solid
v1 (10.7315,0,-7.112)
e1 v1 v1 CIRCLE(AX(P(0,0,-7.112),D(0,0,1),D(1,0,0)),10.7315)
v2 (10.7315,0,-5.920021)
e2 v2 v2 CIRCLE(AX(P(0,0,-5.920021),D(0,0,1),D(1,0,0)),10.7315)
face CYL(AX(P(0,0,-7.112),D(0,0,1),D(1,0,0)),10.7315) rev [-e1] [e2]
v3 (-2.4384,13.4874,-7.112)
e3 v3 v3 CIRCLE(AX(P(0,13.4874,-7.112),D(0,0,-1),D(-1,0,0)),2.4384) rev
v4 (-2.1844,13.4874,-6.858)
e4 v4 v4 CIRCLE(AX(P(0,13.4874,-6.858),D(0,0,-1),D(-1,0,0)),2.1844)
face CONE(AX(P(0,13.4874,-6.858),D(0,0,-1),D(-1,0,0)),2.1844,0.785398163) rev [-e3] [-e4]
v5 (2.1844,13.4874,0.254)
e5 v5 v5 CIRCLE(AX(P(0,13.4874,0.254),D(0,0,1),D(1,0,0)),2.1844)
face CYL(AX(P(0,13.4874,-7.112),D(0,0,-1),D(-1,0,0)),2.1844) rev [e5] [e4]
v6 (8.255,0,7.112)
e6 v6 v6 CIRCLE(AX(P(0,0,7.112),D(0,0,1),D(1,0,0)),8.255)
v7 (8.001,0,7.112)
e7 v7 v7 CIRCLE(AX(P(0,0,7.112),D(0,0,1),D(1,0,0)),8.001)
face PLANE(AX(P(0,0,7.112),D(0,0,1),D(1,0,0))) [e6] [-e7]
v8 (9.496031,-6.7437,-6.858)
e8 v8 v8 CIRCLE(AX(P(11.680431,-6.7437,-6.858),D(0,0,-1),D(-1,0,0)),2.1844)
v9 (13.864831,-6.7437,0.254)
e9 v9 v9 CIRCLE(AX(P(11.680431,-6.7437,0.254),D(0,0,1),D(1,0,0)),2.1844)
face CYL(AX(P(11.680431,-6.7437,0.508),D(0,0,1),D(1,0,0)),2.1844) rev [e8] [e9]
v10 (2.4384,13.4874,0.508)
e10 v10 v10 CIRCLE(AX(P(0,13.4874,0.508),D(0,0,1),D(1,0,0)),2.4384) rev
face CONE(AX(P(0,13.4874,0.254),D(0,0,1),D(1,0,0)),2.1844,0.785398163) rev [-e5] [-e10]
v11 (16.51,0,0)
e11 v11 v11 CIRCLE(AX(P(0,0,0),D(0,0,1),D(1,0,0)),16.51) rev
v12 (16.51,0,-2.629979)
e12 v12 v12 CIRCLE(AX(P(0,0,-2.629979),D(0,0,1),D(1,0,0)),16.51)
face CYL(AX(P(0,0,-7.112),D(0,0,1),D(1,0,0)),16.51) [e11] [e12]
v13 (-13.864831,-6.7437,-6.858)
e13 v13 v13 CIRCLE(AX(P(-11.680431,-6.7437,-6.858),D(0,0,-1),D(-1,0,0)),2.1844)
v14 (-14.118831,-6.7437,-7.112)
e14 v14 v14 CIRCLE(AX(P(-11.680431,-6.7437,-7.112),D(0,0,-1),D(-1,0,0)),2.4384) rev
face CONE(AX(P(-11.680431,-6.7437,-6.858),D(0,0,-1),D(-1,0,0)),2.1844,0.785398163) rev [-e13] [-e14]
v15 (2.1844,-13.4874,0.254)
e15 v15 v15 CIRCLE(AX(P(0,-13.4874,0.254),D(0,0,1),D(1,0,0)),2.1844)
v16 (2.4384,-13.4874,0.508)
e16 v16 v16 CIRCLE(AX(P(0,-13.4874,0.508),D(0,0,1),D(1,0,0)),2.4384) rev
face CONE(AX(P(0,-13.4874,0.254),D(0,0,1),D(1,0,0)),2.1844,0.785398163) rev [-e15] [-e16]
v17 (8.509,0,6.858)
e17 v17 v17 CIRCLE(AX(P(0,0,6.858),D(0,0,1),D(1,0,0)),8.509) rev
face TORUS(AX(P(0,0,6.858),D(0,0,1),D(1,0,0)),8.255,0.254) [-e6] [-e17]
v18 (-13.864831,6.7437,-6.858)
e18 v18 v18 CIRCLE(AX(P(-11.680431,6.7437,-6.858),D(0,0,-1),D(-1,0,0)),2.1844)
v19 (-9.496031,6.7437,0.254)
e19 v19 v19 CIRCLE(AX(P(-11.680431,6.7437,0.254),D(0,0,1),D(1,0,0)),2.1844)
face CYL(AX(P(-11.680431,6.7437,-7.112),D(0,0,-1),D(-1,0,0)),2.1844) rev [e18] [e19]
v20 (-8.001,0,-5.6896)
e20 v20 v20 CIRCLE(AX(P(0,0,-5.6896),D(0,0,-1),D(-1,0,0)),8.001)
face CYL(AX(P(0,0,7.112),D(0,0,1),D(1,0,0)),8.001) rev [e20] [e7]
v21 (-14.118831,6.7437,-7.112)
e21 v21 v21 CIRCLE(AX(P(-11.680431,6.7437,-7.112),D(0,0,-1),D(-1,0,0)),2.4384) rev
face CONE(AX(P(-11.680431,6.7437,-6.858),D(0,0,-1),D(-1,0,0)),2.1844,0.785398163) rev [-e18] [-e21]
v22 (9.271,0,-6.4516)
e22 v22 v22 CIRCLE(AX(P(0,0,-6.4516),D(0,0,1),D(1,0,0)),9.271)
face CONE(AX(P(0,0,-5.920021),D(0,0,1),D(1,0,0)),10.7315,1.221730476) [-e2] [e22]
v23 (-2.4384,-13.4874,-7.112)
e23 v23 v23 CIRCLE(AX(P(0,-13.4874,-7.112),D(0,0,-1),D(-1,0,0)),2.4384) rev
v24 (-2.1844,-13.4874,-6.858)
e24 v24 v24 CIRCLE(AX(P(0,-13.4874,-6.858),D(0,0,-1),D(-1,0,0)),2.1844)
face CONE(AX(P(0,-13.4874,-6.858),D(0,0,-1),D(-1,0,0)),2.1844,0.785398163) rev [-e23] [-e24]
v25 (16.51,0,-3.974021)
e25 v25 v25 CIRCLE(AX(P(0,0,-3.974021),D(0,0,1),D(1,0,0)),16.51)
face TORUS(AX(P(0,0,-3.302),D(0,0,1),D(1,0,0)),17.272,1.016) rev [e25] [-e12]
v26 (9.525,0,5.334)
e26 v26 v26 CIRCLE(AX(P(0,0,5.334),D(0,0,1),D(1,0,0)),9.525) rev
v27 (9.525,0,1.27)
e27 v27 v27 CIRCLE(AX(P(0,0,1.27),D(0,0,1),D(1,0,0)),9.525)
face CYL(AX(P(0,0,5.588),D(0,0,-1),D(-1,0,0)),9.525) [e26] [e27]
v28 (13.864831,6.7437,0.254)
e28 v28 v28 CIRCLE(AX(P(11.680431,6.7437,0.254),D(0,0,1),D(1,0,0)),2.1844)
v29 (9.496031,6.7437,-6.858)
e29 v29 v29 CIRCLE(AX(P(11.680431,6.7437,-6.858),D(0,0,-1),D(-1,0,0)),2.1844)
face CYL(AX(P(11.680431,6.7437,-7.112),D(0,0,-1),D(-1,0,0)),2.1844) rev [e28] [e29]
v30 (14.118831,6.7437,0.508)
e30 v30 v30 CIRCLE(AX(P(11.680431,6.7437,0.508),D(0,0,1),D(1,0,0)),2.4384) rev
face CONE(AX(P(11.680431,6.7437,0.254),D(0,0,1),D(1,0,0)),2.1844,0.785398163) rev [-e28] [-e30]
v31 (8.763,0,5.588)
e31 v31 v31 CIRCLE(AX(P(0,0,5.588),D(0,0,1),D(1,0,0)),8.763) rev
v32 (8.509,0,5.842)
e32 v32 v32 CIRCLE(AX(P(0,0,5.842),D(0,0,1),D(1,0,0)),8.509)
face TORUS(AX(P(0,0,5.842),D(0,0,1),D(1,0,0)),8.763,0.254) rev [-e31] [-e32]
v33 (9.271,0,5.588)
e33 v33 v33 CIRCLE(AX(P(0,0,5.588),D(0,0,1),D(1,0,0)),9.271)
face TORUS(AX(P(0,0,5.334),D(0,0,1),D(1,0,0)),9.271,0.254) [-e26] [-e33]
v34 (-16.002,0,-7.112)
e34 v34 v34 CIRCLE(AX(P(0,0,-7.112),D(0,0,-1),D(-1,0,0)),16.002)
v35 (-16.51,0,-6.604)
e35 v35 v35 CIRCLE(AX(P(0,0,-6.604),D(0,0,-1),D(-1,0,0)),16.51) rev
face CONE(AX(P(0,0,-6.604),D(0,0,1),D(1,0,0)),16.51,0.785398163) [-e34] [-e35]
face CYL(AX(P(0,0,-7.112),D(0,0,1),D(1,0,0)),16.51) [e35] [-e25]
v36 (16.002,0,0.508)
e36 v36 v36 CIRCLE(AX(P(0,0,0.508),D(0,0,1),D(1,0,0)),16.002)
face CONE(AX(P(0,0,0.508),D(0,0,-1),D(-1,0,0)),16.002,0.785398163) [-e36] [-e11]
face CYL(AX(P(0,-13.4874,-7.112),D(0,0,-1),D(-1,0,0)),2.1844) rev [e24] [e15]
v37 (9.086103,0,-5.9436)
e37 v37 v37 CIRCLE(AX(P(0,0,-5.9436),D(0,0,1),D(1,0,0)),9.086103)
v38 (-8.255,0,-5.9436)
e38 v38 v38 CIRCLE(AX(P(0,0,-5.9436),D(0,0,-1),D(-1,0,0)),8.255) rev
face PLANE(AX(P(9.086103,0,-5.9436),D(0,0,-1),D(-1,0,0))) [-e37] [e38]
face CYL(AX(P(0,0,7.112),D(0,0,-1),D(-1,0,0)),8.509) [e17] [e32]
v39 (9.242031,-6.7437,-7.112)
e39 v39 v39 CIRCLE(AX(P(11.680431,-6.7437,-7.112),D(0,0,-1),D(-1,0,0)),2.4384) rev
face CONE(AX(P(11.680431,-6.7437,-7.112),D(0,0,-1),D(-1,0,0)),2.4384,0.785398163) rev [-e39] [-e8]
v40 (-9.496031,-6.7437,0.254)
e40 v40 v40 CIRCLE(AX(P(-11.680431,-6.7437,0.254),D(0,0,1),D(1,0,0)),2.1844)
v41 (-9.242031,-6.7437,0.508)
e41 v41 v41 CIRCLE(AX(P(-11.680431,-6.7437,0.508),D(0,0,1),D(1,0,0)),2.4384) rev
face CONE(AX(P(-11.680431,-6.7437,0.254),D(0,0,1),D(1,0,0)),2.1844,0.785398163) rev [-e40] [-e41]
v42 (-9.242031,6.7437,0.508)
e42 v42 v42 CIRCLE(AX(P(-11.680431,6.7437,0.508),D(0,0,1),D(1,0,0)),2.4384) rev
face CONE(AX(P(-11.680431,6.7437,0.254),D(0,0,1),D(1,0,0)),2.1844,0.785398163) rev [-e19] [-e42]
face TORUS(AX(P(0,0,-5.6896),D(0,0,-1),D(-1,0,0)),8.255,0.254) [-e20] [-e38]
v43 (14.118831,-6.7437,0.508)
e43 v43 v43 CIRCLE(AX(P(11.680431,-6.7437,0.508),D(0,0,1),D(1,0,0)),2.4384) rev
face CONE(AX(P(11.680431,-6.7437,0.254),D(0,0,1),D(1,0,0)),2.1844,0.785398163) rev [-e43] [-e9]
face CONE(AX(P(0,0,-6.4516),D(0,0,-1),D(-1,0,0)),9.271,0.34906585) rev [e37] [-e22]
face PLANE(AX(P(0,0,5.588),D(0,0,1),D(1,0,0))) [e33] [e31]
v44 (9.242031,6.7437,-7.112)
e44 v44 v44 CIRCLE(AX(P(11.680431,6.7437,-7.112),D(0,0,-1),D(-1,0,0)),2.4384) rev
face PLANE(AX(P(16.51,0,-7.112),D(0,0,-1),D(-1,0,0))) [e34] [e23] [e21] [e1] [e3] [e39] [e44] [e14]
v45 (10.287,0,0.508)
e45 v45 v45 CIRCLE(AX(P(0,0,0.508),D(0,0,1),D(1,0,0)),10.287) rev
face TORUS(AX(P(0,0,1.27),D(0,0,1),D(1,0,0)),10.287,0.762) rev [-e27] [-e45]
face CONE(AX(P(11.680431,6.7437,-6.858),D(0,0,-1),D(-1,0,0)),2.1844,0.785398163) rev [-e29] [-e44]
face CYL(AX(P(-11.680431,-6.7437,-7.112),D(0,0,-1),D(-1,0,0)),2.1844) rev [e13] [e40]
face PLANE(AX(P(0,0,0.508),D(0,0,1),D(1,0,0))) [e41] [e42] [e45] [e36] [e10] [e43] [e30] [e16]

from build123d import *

# Parameters (mm, degrees)
SKETCH2_R                 = 9.525
BOSS_EXTRUDE1_DEPTH       = 5.08
SKETCH3_R                 = 8.509
BOSS_EXTRUDE2_DEPTH       = 1.524
HOLE1_D                   = 16.002
HOLE1_DEPTH               = 14.224
F_8_CLEARANCE_HOLE1_D     = 4.3688
F_8_CLEARANCE_HOLE2_D     = 4.3688
F_8_CLEARANCE_HOLE2_DEPTH = 14.224
CHAMFER1_SIZE             = 0.254
CHAMFER2_SIZE             = 0.508
FILLET1_R                 = 0.254
FILLET2_R                 = 0.762


with BuildPart() as part:
    # Sketch1 → Revolve1 (revolve)
    with BuildSketch(Plane(origin=(0, 0, 0), x_dir=(1, 0, 0), z_dir=(0, 1, 0))):
        with BuildLine():
            Line((9.086103121, 5.9436), (0, 5.9436))
            Line((0, 5.9436), (0, -0.508))
            Line((0, -0.508), (16.51, -0.508))
            Line((16.51, -0.508), (16.51, 2.629979167))
            ThreePointArc((16.51, 2.629979167), (16.256, 3.302), (16.51, 3.974020833))
            Line((16.51, 3.974020833), (16.51, 7.112))
            Line((16.51, 7.112), (10.7315, 7.112))
            Line((10.7315, 7.112), (10.7315, 5.920021473))
            Line((10.7315, 5.920021473), (9.271, 6.4516))
            Line((9.271, 6.4516), (9.086103121, 5.9436))
        make_face()
    revolve(axis=Axis((0, 0, -7.112), (0, 0, 1)))

    # Sketch2 → Boss-Extrude1 (add)
    with BuildSketch(Plane.XY.offset(0.508)):
        Circle(SKETCH2_R)
    extrude(amount=BOSS_EXTRUDE1_DEPTH)

    # Sketch3 → Boss-Extrude2 (add)
    with BuildSketch(Plane.XY.offset(5.588)):
        Circle(SKETCH3_R)
    extrude(amount=BOSS_EXTRUDE2_DEPTH)

    # Hole1
    with Locations(Plane.XY.offset(7.112)):
        with Locations((0, 0)):
            Hole(HOLE1_D / 2, depth=HOLE1_DEPTH)

    # #8 Clearance Hole1 (through all)
    with Locations(Plane.XY.offset(0.508)):
        with Locations((11.680431031, -6.7437)):
            Hole(F_8_CLEARANCE_HOLE1_D / 2)

    # #8 Clearance Hole2
    with Locations(Plane(origin=(0, 0, -7.112), x_dir=(-1, 0, 0), z_dir=(0, 0, -1))):
        with Locations((0, 13.4874), (11.680431031, 6.7437), (11.680431031, -6.7437), (0, -13.4874), (-11.680431031, 6.7437)):
            Hole(F_8_CLEARANCE_HOLE2_D / 2, depth=F_8_CLEARANCE_HOLE2_DEPTH)

    # Chamfer1
    chamfer1_edges = [part.edges().sort_by_distance(p)[0] for p in [
        (13.864831031, -6.7437, 0.508),
        (13.864831031, -6.7437, -7.112),
        (9.496031031, 6.7437, 0.508),
        (9.496031031, 6.7437, -7.112),
        (-2.1844, -13.4874, 0.508),
        (-2.1844, -13.4874, -7.112),
        (-13.864831031, -6.7437, 0.508),
        (-13.864831031, -6.7437, -7.112),
        (-13.864831031, 6.7437, 0.508),
        (-13.864831031, 6.7437, -7.112),
        (-2.1844, 13.4874, 0.508),
        (-2.1844, 13.4874, -7.112),
    ]]
    chamfer(chamfer1_edges, length=CHAMFER1_SIZE)

    # Chamfer2
    chamfer2_edges = [part.edges().sort_by_distance(p)[0] for p in [
        (-16.51, 0, 0.508),
        (-16.51, 0, -7.112),
    ]]
    chamfer(chamfer2_edges, length=CHAMFER2_SIZE)

    # Fillet1
    fillet1_edges = [part.edges().sort_by_distance(p)[0] for p in [
        (-9.525, 0, 5.588),
        (-8.509, 0, 5.588),
        (-8.509, 0, 7.112),
        (8.001, 0, -5.9436),
    ]]
    fillet(fillet1_edges, radius=FILLET1_R)

    # Fillet2
    fillet2_edges = [part.edges().sort_by_distance(p)[0] for p in [
        (-9.525, 0, 0.508),
    ]]
    fillet(fillet2_edges, radius=FILLET2_R)


solid = part.part
